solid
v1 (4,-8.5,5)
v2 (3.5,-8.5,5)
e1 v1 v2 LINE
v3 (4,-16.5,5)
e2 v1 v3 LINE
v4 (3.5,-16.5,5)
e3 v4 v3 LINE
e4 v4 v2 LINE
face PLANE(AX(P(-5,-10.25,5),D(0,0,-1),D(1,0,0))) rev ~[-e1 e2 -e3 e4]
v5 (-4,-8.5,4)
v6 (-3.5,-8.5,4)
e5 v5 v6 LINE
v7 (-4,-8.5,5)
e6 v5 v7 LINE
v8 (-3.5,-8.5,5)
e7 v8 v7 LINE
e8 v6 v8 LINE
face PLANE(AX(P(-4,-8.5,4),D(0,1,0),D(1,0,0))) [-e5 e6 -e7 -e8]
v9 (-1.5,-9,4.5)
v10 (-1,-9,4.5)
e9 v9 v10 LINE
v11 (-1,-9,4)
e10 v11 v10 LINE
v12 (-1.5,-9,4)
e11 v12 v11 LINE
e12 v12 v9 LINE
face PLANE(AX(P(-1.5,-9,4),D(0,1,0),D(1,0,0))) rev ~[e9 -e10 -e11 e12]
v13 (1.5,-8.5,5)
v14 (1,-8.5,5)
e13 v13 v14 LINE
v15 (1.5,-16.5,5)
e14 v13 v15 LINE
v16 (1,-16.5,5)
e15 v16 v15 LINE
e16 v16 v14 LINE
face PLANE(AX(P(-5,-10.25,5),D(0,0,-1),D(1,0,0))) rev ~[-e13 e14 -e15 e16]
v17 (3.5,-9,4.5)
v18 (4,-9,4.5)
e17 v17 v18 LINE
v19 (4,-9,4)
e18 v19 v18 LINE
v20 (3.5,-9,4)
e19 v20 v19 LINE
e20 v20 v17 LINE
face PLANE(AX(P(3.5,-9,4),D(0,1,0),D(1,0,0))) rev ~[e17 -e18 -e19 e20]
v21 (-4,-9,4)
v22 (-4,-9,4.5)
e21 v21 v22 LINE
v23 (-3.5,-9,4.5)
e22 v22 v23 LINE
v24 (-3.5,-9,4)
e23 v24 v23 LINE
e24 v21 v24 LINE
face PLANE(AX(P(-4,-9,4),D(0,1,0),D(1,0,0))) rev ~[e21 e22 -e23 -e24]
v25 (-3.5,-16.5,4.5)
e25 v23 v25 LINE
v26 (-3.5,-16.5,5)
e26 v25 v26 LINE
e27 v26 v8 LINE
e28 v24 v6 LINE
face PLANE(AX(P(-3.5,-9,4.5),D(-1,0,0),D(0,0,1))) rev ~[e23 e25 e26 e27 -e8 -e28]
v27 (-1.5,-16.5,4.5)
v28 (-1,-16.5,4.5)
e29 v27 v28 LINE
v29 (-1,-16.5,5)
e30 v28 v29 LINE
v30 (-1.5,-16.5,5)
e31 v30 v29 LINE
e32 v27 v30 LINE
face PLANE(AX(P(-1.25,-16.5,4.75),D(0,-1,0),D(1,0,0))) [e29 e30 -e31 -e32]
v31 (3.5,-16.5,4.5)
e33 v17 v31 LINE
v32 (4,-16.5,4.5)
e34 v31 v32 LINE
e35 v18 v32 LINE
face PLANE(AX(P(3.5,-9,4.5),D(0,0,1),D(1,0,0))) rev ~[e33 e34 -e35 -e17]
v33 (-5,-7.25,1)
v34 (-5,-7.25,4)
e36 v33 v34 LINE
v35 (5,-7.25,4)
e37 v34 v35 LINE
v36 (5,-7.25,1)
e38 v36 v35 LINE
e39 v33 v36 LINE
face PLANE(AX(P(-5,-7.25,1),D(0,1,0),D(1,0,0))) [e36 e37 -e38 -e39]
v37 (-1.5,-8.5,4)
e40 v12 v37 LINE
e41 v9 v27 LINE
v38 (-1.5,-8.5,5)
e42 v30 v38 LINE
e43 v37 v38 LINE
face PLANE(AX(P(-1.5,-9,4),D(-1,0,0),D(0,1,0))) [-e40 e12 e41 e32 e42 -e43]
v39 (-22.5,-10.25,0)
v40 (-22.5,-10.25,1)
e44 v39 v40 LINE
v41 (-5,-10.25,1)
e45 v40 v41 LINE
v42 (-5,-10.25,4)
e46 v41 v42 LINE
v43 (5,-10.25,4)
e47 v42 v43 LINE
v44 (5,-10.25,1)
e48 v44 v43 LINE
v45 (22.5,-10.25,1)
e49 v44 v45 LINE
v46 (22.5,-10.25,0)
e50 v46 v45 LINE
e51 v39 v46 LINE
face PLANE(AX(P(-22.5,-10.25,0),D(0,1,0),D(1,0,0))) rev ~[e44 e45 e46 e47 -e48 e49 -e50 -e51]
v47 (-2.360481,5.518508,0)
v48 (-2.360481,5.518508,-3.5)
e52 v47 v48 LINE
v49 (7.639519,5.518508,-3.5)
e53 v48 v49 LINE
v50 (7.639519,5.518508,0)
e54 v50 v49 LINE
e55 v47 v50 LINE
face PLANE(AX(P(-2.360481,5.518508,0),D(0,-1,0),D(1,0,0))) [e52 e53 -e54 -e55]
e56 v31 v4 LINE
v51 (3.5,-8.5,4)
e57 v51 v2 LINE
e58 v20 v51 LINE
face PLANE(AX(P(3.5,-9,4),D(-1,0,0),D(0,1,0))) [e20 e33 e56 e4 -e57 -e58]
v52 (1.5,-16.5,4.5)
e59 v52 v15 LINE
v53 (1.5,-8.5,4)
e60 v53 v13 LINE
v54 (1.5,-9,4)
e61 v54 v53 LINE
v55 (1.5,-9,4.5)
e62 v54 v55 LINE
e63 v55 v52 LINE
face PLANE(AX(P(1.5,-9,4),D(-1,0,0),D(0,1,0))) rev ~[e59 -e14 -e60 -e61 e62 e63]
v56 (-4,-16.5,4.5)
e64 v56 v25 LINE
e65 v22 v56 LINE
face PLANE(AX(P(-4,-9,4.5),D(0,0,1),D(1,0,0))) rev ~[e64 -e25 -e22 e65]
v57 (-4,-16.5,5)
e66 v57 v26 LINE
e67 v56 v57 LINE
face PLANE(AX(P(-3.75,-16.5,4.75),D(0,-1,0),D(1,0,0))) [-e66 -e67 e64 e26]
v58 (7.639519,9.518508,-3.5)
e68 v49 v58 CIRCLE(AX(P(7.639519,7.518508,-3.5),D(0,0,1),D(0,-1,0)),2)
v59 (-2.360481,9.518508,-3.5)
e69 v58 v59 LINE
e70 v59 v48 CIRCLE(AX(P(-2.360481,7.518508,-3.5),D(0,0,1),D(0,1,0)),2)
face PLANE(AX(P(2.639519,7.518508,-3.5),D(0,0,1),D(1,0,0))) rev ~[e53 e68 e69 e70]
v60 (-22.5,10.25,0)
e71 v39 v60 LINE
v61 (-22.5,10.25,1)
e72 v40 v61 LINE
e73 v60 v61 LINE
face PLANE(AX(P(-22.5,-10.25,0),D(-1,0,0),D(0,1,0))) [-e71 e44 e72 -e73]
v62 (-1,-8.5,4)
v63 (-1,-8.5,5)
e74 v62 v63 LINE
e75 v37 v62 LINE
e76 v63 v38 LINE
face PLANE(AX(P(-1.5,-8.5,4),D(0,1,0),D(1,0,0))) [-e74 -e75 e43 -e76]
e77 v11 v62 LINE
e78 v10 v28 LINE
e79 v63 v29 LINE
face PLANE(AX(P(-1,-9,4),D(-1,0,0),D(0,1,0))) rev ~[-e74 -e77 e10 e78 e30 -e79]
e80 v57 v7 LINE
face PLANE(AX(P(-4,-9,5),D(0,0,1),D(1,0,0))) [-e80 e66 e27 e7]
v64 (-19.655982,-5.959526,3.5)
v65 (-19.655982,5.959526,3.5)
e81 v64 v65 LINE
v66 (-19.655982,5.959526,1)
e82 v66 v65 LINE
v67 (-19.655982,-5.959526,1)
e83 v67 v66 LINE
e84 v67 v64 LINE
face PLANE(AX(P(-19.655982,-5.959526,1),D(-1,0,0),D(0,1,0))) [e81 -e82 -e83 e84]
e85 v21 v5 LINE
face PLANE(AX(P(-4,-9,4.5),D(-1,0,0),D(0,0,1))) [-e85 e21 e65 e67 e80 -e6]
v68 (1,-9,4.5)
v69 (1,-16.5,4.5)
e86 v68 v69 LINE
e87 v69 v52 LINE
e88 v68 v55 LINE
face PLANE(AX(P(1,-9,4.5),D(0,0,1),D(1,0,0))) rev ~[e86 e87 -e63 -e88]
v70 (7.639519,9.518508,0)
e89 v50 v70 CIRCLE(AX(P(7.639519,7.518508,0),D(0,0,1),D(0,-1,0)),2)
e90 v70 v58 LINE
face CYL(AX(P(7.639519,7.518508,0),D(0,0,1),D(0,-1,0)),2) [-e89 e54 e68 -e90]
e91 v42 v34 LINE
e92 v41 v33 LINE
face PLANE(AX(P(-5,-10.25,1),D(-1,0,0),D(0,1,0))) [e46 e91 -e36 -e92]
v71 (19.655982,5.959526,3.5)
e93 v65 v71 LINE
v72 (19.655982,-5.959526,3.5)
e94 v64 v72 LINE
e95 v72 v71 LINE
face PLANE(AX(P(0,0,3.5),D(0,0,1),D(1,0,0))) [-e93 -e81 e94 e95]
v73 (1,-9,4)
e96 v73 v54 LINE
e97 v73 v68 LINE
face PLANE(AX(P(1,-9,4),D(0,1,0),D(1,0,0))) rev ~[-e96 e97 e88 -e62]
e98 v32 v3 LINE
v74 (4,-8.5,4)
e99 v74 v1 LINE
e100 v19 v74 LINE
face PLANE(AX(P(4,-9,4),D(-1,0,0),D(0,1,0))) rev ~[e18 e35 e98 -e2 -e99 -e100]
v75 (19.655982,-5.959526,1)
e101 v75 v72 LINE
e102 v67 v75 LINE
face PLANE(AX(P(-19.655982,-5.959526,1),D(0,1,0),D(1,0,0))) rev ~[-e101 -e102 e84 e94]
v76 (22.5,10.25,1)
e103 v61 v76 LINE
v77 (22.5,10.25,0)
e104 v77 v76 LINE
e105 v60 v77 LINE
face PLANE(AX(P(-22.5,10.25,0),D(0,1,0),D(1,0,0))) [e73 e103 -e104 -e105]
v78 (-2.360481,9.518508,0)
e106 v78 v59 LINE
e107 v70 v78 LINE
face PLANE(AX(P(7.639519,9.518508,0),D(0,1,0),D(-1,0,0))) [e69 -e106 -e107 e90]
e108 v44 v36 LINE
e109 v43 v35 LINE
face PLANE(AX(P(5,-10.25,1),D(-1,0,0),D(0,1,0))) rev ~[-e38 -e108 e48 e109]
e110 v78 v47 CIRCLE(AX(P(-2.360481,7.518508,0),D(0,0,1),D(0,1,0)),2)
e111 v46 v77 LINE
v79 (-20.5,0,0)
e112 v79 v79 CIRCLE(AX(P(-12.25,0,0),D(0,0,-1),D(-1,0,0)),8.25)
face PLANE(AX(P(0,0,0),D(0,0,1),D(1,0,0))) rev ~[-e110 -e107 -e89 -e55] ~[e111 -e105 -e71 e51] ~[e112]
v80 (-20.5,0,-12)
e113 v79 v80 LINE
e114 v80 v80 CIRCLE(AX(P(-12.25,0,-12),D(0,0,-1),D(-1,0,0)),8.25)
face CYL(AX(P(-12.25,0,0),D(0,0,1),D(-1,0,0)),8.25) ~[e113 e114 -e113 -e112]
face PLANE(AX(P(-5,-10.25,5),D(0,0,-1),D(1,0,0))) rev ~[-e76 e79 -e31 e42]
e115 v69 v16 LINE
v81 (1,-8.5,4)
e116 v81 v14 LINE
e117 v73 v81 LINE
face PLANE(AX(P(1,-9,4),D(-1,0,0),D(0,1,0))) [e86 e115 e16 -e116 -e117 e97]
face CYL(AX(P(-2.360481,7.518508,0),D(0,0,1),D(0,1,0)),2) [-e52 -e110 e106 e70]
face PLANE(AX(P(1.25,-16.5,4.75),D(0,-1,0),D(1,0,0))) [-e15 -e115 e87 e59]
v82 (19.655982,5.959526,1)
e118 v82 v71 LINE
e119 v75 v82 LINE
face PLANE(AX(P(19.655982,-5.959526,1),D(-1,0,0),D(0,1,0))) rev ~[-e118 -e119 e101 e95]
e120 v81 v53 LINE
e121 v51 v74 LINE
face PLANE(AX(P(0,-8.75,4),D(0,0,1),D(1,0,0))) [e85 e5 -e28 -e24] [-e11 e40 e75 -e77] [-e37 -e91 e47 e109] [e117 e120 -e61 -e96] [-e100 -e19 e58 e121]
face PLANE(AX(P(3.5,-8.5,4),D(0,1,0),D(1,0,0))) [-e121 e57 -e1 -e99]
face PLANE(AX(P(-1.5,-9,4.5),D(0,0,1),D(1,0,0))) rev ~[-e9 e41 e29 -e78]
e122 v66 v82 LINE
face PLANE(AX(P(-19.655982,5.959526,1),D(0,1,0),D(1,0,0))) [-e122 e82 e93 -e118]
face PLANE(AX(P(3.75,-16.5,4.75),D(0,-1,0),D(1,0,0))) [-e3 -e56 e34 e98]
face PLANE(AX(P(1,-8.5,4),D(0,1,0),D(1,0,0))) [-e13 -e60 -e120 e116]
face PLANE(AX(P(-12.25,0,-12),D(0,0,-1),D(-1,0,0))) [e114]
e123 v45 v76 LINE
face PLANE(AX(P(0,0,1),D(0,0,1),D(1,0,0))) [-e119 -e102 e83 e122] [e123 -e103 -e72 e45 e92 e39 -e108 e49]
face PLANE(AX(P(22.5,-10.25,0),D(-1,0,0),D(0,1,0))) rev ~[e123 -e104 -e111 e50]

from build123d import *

# Parameters (mm, degrees)
SKETCH1_W           = 45
SKETCH1_H           = 20.5
BOSS_EXTRUDE1_DEPTH = 1
SKETCH3_R           = 8.25
BOSS_EXTRUDE2_DEPTH = 12
BOSS_EXTRUDE3_DEPTH = 3.5
SKETCH6_W           = 39.311963292
SKETCH6_H           = 11.9190527
BOSS_EXTRUDE4_DEPTH = 2.5
SKETCH7_W           = 10
SKETCH7_H           = 3
BOSS_EXTRUDE5_DEPTH = 3
SKETCH8_W           = 0.5
SKETCH8_H           = 0.5
BOSS_EXTRUDE6_DEPTH = 4
SKETCH9_W           = 9
SKETCH9_H           = 3
CUT_EXTRUDE1_DEPTH  = 4
SKETCH10_W          = 0.5
SKETCH10_H          = 0.5
BOSS_EXTRUDE7_DEPTH = 7.5


with BuildPart() as part:
    # Sketch1 → Boss-Extrude1 (new body)
    with BuildSketch(Plane.XY):
        Rectangle(SKETCH1_W, SKETCH1_H)
    extrude(amount=BOSS_EXTRUDE1_DEPTH)

    # Sketch3 → Boss-Extrude2 (add)
    with BuildSketch(Plane(origin=(0, 0, 0), x_dir=(-1, 0, 0), z_dir=(0, 0, -1))):
        with Locations((12.25, 0)):
            Circle(SKETCH3_R)
    extrude(amount=BOSS_EXTRUDE2_DEPTH)

    # Sketch4 → Boss-Extrude3 (add)
    with BuildSketch(Plane(origin=(0, 0, 0), x_dir=(-1, 0, 0), z_dir=(0, 0, -1))):
        with BuildLine():
            Line((-7.639519339, 9.518507805), (2.360480661, 9.518507805))
            ThreePointArc((2.360480661, 9.518507805), (4.360480661, 7.518507805), (2.360480661, 5.518507805))
            Line((2.360480661, 5.518507805), (-7.639519339, 5.518507805))
            ThreePointArc((-7.639519339, 5.518507805), (-9.639519339, 7.518507805), (-7.639519339, 9.518507805))
        make_face()
    extrude(amount=BOSS_EXTRUDE3_DEPTH)

    # Sketch6 → Boss-Extrude4 (add)
    with BuildSketch(Plane.XY.offset(1)):
        Rectangle(SKETCH6_W, SKETCH6_H)
    extrude(amount=BOSS_EXTRUDE4_DEPTH)

    # Sketch7 → Boss-Extrude5 (add)
    with BuildSketch(Plane.XY.offset(1)):
        with Locations((0, -8.75)):
            Rectangle(SKETCH7_W, SKETCH7_H)
    extrude(amount=BOSS_EXTRUDE5_DEPTH)

    # Sketch8 → Boss-Extrude6 (add)
    with BuildSketch(Plane.XY.offset(4)):
        with Locations((-3.75, -8.75)):
            Rectangle(SKETCH8_W, SKETCH8_H)
        with Locations((-1.25, -8.75)):
            Rectangle(SKETCH8_W, SKETCH8_H)
        with Locations((1.25, -8.75)):
            Rectangle(SKETCH8_W, SKETCH8_H)
        with Locations((3.75, -8.75)):
            Rectangle(SKETCH8_W, SKETCH8_H)
    extrude(amount=BOSS_EXTRUDE6_DEPTH)

    # Sketch9 → Cut-Extrude1 (cut)
    with BuildSketch(Plane.XZ.offset(10.25)):
        with Locations((-0.5, 6.5)):
            Rectangle(SKETCH9_W, SKETCH9_H)
    extrude(amount=-CUT_EXTRUDE1_DEPTH, mode=Mode.SUBTRACT)

    # Sketch10 → Boss-Extrude7 (add)
    with BuildSketch(Plane.XZ.offset(9)):
        with Locations((-3.75, 4.75)):
            Rectangle(SKETCH10_W, SKETCH10_H)
        with Locations((-1.25, 4.75)):
            Rectangle(SKETCH10_W, SKETCH10_H)
        with Locations((1.25, 4.75)):
            Rectangle(SKETCH10_W, SKETCH10_H)
        with Locations((3.75, 4.75)):
            Rectangle(SKETCH10_W, SKETCH10_H)
    extrude(amount=BOSS_EXTRUDE7_DEPTH)


solid = part.part
